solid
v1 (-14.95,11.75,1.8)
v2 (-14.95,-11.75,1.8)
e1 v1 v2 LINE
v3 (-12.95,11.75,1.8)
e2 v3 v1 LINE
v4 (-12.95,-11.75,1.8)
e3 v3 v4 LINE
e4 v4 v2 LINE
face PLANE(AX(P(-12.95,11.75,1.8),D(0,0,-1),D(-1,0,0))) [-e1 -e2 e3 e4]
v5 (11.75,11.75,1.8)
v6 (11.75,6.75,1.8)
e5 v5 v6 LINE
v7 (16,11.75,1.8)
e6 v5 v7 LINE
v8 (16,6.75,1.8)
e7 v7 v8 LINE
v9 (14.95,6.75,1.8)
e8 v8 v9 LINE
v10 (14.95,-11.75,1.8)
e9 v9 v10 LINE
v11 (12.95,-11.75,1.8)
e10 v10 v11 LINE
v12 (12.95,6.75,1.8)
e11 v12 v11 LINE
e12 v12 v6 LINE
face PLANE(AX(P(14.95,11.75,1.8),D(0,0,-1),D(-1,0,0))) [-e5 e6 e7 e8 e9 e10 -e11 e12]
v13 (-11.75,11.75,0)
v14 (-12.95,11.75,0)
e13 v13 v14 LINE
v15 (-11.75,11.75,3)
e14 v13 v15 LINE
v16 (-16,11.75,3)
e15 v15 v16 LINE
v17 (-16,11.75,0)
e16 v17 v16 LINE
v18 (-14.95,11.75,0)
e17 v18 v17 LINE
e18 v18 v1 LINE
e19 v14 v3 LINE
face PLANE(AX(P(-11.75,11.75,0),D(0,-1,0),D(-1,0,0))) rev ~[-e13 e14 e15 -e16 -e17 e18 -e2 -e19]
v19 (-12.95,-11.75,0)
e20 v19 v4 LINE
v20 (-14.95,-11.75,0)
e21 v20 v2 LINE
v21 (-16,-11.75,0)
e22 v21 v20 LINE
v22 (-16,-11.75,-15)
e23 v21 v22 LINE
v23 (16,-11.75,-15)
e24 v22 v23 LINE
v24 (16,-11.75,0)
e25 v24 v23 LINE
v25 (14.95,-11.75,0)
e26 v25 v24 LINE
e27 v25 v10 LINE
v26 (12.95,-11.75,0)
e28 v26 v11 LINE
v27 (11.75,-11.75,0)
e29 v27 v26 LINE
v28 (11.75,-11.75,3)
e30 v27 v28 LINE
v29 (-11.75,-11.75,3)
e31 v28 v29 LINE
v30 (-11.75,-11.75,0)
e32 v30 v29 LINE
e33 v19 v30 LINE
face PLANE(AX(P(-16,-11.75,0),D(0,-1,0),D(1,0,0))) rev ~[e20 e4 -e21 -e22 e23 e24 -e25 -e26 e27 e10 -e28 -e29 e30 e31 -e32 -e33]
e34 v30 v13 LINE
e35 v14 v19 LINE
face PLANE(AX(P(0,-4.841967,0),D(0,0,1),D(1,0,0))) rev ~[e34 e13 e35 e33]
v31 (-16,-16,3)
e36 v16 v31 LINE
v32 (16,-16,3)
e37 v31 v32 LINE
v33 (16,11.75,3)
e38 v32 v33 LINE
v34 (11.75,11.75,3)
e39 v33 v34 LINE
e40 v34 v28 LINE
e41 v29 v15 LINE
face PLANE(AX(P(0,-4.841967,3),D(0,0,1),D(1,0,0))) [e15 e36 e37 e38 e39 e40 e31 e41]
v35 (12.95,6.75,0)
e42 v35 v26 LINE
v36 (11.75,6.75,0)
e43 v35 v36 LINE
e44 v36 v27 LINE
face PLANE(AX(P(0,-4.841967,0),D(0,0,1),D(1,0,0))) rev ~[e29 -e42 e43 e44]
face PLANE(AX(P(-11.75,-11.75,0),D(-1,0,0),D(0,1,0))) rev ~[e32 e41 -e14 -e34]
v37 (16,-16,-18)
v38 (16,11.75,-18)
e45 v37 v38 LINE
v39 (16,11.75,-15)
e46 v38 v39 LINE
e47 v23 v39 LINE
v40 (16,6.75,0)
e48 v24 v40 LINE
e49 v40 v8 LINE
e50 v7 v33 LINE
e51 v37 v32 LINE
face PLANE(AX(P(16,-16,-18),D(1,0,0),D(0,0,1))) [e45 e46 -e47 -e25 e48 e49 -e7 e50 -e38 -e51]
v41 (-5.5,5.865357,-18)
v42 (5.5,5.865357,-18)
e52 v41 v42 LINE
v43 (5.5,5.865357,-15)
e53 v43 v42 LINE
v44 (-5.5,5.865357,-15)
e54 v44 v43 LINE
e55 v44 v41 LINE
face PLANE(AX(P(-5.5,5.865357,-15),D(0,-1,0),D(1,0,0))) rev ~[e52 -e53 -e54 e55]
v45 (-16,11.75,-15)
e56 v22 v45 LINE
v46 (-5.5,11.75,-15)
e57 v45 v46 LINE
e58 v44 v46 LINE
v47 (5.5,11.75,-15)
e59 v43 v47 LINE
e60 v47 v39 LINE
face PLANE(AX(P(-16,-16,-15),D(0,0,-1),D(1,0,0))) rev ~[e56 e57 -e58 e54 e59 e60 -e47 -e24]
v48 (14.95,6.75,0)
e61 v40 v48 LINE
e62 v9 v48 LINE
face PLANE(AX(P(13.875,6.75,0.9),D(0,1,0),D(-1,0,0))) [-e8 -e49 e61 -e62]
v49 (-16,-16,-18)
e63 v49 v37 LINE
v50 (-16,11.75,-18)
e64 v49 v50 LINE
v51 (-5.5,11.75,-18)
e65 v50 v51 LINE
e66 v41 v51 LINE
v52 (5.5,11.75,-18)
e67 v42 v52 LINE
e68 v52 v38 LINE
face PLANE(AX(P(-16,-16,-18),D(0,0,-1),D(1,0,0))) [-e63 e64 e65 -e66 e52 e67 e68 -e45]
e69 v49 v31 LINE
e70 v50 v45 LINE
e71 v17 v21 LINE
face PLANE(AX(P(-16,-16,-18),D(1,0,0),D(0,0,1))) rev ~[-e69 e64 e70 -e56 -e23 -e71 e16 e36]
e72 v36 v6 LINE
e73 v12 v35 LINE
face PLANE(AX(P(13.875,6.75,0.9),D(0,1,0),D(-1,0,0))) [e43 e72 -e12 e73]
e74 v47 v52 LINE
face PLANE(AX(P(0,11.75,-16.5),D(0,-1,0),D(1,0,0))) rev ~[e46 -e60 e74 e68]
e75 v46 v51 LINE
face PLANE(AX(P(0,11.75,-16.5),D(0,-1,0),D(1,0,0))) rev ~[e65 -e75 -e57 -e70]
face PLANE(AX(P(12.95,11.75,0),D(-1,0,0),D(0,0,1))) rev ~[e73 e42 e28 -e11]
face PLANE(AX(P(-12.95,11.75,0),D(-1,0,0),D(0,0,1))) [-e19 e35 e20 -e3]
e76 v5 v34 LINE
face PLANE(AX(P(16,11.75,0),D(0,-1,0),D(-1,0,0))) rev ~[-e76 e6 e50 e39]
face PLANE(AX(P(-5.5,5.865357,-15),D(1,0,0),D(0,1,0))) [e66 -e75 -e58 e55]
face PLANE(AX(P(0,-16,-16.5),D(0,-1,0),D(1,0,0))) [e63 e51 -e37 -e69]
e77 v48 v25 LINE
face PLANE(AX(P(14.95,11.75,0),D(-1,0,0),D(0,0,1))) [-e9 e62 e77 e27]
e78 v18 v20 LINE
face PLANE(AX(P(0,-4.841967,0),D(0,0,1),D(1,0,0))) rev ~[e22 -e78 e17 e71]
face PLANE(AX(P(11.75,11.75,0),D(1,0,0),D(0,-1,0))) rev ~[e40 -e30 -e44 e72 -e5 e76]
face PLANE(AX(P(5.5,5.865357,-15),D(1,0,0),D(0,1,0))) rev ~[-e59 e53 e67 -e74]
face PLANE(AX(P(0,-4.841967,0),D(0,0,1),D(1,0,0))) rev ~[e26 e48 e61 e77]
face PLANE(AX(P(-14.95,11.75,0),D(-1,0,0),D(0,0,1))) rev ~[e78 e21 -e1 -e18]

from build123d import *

# Parameters (mm, degrees)
F1_DEPTH  = 3
F2_W      = 32
F2_H      = 4.25
F3_DEPTH  = 15
F4_W      = 32
F4_H      = 3
F5_DEPTH  = 27.75
F6_W      = 2
F6_H      = 1.8
F7_DEPTH  = 23.5
F8_W      = 4.25
F8_H      = 1.8
F9_DEPTH  = 5
F10_W     = 11
F10_H     = 5.8846425861
F11_DEPTH = 3


with BuildPart() as f1:
    # F0 (on Top) → F1 (new body)
    with BuildSketch(Plane.XY):
        Polygon((11.75, 11.75), (11.75, -11.75), (-11.75, -11.75), (-11.75, 11.75), (-16, 11.75), (-16, -16), (16, -16), (16, 11.75), align=None)
    extrude(amount=F1_DEPTH)

    # F2 (on face) → F3 (join)
    with BuildSketch(Plane(origin=(0, 0, 0), x_dir=(1, 0, 0), z_dir=(0, 0, -1))):
        with Locations((0, 13.875)):
            Rectangle(F2_W, F2_H)
    extrude(amount=F3_DEPTH)

    # F4 (on face) → F5 (join, through all)
    with BuildSketch(Plane.XZ.offset(16)):
        with Locations((0, -16.5)):
            Rectangle(F4_W, F4_H)
    extrude(amount=-F5_DEPTH)

    # F6 (on face) → F7 (cut, through all)
    with BuildSketch(Plane(origin=(0, 11.75, 0), x_dir=(-1, 0, 0), z_dir=(0, 1, 0))):
        with Locations((13.95, 0.9)):
            Rectangle(F6_W, F6_H)
        with Locations((-13.95, 0.9)):
            Rectangle(F6_W, F6_H)
    extrude(amount=-F7_DEPTH, mode=Mode.SUBTRACT)

    # F8 (on face) → F9 (cut)
    with BuildSketch(Plane(origin=(0, 11.75, 0), x_dir=(-1, 0, 0), z_dir=(0, 1, 0))):
        with Locations((-13.875, 0.9)):
            Rectangle(F8_W, F8_H)
    extrude(amount=-F9_DEPTH, mode=Mode.SUBTRACT)

    # F10 (on face) → F11 (cut, through all)
    with BuildSketch(Plane.XY.offset(-15)):
        with Locations((0, 8.8076787069)):
            Rectangle(F10_W, F10_H)
    extrude(amount=-F11_DEPTH, mode=Mode.SUBTRACT)


solid = f1.part
